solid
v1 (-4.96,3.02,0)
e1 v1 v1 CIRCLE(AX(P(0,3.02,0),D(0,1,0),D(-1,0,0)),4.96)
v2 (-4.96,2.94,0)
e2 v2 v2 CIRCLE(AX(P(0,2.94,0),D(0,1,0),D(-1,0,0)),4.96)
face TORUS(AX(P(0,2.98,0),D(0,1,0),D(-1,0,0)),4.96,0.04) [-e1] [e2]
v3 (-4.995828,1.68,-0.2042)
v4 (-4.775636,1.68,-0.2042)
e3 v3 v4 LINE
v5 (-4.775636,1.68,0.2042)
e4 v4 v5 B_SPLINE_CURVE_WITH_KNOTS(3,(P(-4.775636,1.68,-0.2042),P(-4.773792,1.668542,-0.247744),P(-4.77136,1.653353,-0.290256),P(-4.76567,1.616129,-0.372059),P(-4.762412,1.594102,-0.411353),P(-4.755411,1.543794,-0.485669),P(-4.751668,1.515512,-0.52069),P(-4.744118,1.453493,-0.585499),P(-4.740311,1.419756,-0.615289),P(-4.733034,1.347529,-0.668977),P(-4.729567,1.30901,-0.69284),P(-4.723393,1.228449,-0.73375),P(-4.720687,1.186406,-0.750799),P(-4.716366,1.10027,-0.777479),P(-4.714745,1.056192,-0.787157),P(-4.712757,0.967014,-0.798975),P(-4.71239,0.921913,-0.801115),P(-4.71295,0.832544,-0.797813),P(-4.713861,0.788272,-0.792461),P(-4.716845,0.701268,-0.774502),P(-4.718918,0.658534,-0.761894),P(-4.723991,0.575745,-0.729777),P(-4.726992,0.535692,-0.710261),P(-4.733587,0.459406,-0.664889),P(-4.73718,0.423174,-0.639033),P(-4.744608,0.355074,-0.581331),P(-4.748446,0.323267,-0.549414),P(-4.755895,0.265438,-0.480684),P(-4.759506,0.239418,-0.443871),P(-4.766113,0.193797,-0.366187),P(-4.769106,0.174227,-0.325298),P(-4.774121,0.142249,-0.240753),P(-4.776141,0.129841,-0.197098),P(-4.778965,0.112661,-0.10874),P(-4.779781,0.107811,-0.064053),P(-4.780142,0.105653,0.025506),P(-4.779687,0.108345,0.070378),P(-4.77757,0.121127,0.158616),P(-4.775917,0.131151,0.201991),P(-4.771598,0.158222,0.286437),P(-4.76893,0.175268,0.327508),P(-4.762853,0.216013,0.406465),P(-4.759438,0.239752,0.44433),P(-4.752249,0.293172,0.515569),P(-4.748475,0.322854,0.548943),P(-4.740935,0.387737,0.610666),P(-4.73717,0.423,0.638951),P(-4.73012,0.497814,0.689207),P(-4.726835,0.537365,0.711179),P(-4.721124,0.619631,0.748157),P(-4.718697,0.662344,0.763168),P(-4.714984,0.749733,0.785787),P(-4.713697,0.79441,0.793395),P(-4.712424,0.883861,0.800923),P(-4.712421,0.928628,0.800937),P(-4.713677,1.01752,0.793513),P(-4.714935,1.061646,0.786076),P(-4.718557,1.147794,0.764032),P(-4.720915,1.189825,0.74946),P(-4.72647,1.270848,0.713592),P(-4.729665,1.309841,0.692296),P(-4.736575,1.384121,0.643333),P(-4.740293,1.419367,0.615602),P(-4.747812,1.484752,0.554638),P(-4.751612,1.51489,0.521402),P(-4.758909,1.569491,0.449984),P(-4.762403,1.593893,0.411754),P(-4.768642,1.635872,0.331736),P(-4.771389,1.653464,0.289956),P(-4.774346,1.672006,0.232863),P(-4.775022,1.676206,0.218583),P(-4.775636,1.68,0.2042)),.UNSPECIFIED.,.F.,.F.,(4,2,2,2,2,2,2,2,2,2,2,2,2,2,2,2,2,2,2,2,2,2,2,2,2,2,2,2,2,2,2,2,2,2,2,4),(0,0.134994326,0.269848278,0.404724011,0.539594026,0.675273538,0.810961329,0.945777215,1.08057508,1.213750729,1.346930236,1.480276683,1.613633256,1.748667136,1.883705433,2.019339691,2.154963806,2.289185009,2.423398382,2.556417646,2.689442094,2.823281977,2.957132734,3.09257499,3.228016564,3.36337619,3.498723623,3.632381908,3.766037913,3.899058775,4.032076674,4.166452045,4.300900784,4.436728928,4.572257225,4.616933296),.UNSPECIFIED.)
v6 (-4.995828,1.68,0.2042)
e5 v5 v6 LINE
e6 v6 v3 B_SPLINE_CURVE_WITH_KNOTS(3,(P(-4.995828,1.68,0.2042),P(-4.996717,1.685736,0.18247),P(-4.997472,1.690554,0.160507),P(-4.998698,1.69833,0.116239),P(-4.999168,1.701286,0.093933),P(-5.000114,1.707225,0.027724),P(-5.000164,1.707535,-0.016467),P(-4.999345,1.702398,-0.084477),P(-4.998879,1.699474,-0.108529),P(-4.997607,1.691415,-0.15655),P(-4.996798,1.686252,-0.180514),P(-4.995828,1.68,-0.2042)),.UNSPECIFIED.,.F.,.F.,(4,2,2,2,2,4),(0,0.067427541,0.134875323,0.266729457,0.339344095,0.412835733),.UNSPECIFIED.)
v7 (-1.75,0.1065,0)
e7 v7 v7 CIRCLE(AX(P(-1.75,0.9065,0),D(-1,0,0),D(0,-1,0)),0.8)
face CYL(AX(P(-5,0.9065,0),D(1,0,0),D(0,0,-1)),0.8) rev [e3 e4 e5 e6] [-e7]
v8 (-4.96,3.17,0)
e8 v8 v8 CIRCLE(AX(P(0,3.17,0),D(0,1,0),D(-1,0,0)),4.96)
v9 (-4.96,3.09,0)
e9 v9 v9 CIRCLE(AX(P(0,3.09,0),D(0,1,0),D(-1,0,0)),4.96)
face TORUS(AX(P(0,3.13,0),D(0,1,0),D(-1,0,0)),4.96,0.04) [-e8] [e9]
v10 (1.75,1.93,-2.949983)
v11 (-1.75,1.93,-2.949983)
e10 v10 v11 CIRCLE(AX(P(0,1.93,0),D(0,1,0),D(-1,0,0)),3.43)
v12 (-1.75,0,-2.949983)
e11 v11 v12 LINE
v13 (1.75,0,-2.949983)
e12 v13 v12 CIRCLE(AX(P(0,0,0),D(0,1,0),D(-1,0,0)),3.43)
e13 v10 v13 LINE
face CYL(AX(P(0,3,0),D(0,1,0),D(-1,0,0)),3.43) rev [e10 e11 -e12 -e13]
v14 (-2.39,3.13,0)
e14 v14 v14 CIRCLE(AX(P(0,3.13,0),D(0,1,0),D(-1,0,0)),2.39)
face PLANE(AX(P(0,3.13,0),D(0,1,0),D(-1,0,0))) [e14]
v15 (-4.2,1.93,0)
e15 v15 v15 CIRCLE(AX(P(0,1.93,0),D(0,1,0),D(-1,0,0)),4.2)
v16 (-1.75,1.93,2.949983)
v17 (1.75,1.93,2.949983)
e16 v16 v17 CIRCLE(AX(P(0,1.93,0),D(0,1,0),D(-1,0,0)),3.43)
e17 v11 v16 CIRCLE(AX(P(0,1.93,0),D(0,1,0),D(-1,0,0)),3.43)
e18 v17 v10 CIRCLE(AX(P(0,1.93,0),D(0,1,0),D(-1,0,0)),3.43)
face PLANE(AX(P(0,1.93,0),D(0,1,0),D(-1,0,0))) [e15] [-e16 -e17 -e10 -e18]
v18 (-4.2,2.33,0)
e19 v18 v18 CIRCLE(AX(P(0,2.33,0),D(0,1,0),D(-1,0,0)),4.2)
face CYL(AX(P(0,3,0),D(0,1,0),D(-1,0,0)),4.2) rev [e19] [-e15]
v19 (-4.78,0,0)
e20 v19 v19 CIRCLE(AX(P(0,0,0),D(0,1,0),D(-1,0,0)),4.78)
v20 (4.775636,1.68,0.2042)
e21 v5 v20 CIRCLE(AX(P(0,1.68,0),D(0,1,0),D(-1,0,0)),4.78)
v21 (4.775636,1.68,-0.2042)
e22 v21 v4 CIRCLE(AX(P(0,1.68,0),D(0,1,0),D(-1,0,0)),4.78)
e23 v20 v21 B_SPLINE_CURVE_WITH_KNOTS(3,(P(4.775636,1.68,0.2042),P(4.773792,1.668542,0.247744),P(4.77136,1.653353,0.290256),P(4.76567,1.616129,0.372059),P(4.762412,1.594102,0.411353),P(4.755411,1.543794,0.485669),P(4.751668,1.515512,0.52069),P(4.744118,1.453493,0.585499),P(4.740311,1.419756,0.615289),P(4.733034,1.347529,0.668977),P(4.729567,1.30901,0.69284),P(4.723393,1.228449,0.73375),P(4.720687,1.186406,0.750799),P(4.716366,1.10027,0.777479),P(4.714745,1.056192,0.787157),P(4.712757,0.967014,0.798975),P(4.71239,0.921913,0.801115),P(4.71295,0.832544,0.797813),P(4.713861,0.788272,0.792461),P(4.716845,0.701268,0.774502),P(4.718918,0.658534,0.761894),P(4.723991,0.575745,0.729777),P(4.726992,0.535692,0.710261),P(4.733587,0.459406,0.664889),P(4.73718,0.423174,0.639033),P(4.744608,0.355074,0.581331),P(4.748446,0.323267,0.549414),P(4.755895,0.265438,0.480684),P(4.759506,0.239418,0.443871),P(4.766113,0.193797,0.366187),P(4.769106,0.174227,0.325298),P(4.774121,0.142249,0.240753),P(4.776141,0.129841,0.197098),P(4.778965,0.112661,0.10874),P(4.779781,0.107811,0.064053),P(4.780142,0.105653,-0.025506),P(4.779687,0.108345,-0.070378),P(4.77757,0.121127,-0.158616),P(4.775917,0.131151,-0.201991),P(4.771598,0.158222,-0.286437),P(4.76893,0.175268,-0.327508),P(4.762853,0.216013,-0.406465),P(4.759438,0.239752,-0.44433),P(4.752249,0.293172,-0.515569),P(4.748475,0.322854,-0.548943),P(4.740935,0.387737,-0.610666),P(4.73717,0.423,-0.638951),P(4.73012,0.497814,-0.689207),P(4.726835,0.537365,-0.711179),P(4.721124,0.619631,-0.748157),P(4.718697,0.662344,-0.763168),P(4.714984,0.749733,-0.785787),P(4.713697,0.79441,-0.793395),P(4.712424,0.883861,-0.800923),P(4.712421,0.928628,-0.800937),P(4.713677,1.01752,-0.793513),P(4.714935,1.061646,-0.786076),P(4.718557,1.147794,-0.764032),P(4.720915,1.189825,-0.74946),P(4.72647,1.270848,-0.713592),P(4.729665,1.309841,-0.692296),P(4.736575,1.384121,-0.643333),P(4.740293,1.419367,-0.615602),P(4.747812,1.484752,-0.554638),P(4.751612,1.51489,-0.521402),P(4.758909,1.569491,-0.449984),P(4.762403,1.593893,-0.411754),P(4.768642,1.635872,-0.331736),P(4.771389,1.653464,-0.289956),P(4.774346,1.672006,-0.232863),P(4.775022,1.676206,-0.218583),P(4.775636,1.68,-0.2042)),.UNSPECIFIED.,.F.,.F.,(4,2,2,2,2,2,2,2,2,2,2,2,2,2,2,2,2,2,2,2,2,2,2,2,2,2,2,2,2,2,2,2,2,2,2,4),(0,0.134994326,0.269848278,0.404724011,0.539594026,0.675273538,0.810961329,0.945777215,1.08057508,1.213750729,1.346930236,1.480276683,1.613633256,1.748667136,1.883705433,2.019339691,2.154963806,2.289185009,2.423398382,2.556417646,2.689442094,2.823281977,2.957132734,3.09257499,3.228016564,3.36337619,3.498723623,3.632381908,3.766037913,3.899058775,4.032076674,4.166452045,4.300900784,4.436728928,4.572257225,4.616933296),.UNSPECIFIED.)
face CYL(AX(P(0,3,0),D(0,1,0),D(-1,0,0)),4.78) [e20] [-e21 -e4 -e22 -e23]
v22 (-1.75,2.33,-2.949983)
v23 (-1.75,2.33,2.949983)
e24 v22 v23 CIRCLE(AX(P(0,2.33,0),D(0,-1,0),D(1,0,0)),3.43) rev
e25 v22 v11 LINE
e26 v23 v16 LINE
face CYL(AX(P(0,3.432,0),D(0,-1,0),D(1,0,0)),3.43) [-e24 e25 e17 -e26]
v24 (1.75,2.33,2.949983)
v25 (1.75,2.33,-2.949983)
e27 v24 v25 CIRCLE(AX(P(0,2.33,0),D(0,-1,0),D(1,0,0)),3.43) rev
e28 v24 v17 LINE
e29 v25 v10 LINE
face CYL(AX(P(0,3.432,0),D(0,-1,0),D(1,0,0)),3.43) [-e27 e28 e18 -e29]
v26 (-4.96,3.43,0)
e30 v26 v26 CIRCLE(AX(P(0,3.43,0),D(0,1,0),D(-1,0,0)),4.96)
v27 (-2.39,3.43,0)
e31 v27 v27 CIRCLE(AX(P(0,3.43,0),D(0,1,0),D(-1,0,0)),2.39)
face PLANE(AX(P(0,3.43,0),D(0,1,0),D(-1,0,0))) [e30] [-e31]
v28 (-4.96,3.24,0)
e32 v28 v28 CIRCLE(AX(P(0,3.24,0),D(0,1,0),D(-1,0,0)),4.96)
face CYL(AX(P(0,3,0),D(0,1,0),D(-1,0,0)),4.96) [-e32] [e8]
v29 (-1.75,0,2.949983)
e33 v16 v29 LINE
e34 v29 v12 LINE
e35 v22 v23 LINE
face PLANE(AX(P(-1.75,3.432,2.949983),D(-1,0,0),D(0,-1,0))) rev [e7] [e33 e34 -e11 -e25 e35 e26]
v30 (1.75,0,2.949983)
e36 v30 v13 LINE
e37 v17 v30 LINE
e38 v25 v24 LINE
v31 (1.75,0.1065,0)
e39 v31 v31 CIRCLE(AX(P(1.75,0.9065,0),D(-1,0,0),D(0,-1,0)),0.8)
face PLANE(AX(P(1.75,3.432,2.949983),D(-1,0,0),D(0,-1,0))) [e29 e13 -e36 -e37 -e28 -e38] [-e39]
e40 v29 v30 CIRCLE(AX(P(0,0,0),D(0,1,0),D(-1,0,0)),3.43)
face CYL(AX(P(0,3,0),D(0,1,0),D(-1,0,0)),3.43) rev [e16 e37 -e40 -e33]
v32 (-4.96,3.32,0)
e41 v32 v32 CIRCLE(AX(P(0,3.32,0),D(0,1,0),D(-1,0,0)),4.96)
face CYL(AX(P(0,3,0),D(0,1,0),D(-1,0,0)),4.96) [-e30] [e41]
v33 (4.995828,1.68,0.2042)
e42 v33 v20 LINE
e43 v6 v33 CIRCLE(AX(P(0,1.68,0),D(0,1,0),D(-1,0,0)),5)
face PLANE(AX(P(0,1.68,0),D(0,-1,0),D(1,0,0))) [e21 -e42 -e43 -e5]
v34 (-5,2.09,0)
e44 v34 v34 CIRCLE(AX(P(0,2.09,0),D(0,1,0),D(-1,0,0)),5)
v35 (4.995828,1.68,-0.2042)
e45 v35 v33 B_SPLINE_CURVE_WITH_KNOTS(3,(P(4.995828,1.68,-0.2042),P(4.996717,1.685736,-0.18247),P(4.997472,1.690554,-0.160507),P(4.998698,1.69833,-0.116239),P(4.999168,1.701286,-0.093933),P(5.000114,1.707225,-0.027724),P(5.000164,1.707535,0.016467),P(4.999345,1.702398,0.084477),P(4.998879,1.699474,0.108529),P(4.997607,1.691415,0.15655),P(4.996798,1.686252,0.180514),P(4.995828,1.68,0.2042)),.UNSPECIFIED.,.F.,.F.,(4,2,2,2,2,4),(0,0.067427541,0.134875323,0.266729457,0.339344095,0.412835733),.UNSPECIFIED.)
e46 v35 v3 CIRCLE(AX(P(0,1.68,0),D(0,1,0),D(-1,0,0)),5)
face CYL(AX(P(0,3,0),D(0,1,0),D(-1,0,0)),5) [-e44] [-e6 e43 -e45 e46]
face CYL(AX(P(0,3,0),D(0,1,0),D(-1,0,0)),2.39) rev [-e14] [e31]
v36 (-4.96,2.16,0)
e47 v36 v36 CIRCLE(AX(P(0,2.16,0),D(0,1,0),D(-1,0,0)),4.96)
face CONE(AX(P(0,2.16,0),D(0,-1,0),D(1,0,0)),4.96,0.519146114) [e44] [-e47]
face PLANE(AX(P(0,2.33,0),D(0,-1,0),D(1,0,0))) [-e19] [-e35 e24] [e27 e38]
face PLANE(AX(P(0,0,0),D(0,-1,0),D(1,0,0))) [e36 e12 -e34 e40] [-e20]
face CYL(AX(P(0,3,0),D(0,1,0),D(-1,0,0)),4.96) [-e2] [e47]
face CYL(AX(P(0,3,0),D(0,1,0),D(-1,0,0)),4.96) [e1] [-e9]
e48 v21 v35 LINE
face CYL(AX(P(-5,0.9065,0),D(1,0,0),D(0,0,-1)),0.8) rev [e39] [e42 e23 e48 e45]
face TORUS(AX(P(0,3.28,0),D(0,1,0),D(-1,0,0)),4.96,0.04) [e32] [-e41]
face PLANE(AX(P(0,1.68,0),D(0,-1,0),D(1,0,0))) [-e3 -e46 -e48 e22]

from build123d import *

# Parameters (mm, degrees)
BOSS_EXTRUDE2_REACH     = 5.43
SKETCH4_R               = 0.8
CUT_EXTRUDE1_DEPTH      = 6.0000001
CUT_EXTRUDE1_DEPTH_BACK = 6.0000001


with BuildPart() as part:
    # Sketch1 → Revolve1 (revolve)
    with BuildSketch(Plane.XY):
        with BuildLine():
            Line((3.43, 0), (4.78, 0))
            Line((4.78, 0), (4.78, 1.68))
            Line((4.78, 1.68), (5, 1.68))
            Line((5, 1.68), (5, 2.09))
            Line((5, 2.09), (4.96, 2.16))
            Line((4.96, 2.16), (4.96, 2.94))
            ThreePointArc((4.96, 2.94), (5, 2.98), (4.96, 3.02))
            Line((4.96, 3.02), (4.96, 3.09))
            ThreePointArc((4.96, 3.09), (5, 3.13), (4.96, 3.17))
            Line((4.96, 3.17), (4.96, 3.24))
            ThreePointArc((4.96, 3.24), (5, 3.28), (4.96, 3.32))
            Line((4.96, 3.32), (4.96, 3.43))
            Line((4.96, 3.43), (2.39, 3.43))
            Line((2.39, 3.43), (2.39, 3.13))
            Line((2.39, 3.13), (0, 3.13))
            Line((0, 3.13), (0, 2.33))
            Line((0, 2.33), (4.2, 2.33))
            Line((4.2, 2.33), (4.2, 1.93))
            Line((4.2, 1.93), (3.43, 1.93))
            Line((3.43, 1.93), (3.43, 0))
        make_face()
    revolve(axis=Axis((0, 3, 0), (0, -1, 0)))

    # Sketch3 → Boss-Extrude2 (add, up to next)
    with BuildSketch(Plane.XZ, mode=Mode.PRIVATE) as boss_extrude2_sk1:
        with BuildLine():
            Line((-1.75, 2.949983051), (-1.75, -2.949983051))
            ThreePointArc((-1.75, -2.949983051), (-3.43, 0), (-1.75, 2.949983051))
        make_face()
    boss_extrude2_tool1 = extrude(boss_extrude2_sk1.sketch, amount=-BOSS_EXTRUDE2_REACH, mode=Mode.PRIVATE) - part.part
    add(boss_extrude2_tool1.solids().sort_by_distance((-2.438465, 0, 0))[0])
    # Sketch3 → Boss-Extrude2 (add, up to next)
    with BuildSketch(Plane.XZ, mode=Mode.PRIVATE) as boss_extrude2_sk2:
        with BuildLine():
            Line((1.75, 2.949983051), (1.75, -2.949983051))
            ThreePointArc((1.75, -2.949983051), (3.43, 0), (1.75, 2.949983051))
        make_face()
    boss_extrude2_tool2 = extrude(boss_extrude2_sk2.sketch, amount=-BOSS_EXTRUDE2_REACH, mode=Mode.PRIVATE) - part.part
    add(boss_extrude2_tool2.solids().sort_by_distance((2.438465, 0, 0))[0])

    # Sketch4 → Cut-Extrude1 (cut, two sides)
    with BuildSketch(Plane(origin=(0, 0, 0), x_dir=(0, 0, -1), z_dir=(1, 0, 0))) as cut_extrude1_sk:
        with Locations((0, 0.9065)):
            Circle(SKETCH4_R)
    extrude(amount=CUT_EXTRUDE1_DEPTH, mode=Mode.SUBTRACT)
    extrude(cut_extrude1_sk.sketch, amount=-CUT_EXTRUDE1_DEPTH_BACK, mode=Mode.SUBTRACT)


solid = part.part
